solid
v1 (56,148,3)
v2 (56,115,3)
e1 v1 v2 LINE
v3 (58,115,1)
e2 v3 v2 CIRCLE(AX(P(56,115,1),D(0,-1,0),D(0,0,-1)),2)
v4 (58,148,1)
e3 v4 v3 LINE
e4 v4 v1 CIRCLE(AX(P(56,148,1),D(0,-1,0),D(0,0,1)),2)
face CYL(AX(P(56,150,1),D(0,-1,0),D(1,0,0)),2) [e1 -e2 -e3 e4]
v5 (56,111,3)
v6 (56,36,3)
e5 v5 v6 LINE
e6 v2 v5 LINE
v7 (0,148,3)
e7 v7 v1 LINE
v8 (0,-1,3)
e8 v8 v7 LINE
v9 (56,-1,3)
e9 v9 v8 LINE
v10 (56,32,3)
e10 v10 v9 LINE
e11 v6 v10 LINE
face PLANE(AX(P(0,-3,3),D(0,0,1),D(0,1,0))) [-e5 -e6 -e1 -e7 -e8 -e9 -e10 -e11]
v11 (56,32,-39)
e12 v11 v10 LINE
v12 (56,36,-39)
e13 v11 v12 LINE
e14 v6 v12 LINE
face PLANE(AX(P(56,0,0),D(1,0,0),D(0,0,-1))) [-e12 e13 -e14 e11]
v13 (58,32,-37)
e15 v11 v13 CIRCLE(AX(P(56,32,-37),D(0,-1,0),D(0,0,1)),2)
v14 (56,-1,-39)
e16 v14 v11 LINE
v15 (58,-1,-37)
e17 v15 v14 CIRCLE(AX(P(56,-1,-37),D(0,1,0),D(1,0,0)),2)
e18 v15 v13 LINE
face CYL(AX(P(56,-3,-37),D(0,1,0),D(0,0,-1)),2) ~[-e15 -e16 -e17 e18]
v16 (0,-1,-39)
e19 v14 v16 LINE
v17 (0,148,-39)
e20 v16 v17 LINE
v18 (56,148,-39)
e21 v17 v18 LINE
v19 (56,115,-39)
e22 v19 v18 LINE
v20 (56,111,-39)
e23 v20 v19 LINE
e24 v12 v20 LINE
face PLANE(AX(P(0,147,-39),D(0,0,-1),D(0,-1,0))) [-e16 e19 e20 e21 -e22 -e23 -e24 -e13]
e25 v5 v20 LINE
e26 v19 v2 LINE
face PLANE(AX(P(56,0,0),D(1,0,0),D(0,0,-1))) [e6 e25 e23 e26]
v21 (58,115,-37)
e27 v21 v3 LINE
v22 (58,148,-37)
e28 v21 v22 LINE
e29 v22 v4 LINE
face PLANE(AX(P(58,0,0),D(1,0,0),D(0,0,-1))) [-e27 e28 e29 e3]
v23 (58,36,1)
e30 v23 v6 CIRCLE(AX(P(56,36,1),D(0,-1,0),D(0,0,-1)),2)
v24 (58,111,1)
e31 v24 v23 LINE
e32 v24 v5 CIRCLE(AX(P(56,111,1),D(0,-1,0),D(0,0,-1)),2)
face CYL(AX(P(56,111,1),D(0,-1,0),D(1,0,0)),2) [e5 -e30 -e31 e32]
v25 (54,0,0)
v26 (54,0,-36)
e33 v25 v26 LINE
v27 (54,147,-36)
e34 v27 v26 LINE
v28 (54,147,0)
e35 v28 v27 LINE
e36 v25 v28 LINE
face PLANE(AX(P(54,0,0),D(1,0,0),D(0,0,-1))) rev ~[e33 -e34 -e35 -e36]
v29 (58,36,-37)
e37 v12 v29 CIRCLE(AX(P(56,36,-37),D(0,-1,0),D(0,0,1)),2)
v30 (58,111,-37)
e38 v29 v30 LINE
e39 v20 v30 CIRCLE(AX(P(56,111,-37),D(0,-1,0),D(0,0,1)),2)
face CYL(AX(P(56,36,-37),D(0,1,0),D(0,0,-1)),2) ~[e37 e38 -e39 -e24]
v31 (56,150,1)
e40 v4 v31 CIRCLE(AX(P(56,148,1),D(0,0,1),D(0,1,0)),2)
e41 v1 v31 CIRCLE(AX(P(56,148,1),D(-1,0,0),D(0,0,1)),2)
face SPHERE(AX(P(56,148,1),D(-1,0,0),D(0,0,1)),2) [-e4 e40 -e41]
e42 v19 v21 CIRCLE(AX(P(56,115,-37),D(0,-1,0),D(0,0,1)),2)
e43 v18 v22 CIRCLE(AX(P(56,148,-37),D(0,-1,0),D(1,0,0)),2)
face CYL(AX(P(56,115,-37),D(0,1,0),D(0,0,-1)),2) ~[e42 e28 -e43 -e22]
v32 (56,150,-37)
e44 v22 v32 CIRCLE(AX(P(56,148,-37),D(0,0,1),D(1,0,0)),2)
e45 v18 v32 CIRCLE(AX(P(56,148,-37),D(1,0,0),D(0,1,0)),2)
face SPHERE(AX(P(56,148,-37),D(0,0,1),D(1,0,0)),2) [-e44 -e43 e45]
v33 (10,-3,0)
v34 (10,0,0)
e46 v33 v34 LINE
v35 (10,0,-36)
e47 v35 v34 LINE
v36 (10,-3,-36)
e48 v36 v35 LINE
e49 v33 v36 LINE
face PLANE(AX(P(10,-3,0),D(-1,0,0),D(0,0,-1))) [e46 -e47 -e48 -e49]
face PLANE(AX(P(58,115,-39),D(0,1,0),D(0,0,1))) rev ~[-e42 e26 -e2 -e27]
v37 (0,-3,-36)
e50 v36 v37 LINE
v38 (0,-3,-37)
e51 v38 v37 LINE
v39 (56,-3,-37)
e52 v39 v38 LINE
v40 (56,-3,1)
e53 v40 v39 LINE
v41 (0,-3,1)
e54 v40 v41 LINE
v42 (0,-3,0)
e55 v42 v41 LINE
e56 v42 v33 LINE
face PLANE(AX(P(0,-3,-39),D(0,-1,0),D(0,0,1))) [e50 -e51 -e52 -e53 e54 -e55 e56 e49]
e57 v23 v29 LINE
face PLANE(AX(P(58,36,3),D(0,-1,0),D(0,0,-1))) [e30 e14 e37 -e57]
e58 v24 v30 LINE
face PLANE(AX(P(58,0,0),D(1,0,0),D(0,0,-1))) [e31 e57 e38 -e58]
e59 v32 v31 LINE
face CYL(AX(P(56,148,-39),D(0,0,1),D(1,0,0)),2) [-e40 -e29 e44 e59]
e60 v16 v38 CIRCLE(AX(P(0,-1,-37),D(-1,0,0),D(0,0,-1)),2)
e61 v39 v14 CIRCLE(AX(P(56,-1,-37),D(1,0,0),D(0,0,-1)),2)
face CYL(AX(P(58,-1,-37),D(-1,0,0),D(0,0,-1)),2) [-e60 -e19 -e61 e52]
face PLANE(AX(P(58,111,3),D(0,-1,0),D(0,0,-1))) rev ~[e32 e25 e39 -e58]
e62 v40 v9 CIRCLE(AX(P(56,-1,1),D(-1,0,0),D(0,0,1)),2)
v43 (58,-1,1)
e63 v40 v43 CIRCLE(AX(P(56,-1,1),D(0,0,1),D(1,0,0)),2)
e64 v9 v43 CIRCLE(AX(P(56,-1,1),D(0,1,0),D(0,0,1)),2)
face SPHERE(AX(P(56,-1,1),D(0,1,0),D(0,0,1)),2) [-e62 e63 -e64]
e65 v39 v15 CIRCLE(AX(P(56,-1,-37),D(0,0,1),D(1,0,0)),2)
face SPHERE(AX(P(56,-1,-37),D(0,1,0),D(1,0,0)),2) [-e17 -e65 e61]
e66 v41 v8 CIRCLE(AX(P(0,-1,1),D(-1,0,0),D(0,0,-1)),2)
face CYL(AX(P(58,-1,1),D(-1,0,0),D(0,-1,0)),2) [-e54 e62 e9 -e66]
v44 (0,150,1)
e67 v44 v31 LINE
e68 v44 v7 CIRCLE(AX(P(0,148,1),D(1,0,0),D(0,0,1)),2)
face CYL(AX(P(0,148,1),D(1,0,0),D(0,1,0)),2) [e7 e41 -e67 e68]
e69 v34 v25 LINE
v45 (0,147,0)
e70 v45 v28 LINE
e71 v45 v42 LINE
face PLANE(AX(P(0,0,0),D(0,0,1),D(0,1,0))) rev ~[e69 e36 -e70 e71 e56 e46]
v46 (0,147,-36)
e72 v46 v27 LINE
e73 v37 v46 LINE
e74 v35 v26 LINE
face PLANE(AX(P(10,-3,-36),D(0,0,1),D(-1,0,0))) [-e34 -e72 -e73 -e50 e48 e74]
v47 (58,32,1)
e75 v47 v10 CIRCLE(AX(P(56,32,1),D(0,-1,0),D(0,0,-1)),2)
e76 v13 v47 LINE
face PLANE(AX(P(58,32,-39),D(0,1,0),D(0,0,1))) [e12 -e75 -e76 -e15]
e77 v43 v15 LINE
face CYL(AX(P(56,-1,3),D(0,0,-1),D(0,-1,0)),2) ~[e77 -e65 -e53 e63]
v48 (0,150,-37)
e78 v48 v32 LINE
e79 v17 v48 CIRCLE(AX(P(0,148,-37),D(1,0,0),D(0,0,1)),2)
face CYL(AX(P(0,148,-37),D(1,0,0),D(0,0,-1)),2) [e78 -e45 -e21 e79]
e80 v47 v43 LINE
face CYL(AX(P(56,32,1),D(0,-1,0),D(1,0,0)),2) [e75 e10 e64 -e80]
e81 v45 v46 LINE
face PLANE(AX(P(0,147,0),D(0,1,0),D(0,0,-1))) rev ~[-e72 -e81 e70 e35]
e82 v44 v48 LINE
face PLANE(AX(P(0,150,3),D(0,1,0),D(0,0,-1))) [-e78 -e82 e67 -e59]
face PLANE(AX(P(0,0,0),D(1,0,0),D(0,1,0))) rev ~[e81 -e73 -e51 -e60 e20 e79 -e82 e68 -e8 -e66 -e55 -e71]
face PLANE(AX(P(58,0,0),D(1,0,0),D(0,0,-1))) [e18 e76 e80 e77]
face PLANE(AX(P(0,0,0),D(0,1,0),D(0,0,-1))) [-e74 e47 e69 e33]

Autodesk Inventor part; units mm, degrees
ref_plane "YZ Plane" through (0, 0, 0) normal (1, 0, 0) x (0, 1, 0)
ref_plane "XZ Plane" through (0, 0, 0) normal (0, 1, 0) x (-1, 0, 0)
ref_plane "XY Plane" through (0, 0, 0) normal (0, 0, 1) x (1, 0, 0)
sketch "Sketch1" plane through (0, 0, 0) normal (1, 0, 0) x (0, 1, 0)
  line L0 (0, 0) -> (0, -36)
  line L1 (0, 0) -> (36, 0) construction
  line L2 (0, 0) -> (147, 0)
  line L3 (147, 0) -> (147, -36)
  line L4 (147, -36) -> (0, -36)
  line L5 (147, -36) -> (147, -39)
  line L6 (147, -39) -> (-3, -39)
  line L7 (-3, -39) -> (-3, 3)
  line L8 (-3, 3) -> (150, 3)
  line L9 (150, 3) -> (150, -39)
  line L10 (150, -39) -> (147, -39)
  dimension "d0" = 36
  dimension "d1" = 90
  dimension "d2" = 147
  dimension "d3" = 3
  dimension "d4" = 150
  dimension "d5" = 42
  dimension "d6" = 153
extrude "Extrusion1" add sketch "Sketch1" along normal blind 54
sketch "Sketch2" plane through (54, 0, 0) normal (1, 0, 0) x (0, 0, -1)
  line L0 (39, 150) -> (-3, 150) projected
  line L1 (-3, 150) -> (-3, -3) projected
  line L2 (-3, -3) -> (39, -3) projected
  line L3 (39, -3) -> (39, 150) projected
  line L4 (36, 147) -> (36, 0) projected
  line L5 (36, 0) -> (0, 0) projected
  line L6 (0, 0) -> (0, 147) projected
  line L7 (0, 147) -> (36, 147) projected
extrude "Extrusion2" add sketch "Sketch2" along normal blind 4 contours L3 L2 L1 L0 | L4 L5 L6 L7
sketch "Sketch3" plane through (0, -3, -39) normal (0, -1, 0) x (1, 0, 0)
  line L0 (0, 42) -> (0, 0) projected
  line L1 (0, 0) -> (58, 0) projected
  line L2 (58, 42) -> (58, 0) projected
  line L3 (0, 42) -> (58, 42) projected
  line L4 (0, 0) -> (0, 42) projected
  line L5 (0, 42) -> (0, 39)
  line L6 (0, 3) -> (0, 39) projected
  line L7 (0, 39) -> (10, 39)
  line L8 (0, 39) -> (54, 39) projected
  line L9 (0, 39) -> (10, 39) construction
  line L10 (10, 39) -> (10, 3)
  line L11 (10, 3) -> (0, 3)
  line L12 (0, 3) -> (0, 0)
  dimension "d11" = 10
  dimension "d12" = 0
  dimension "d13" = 36
extrude "Extrusion3" cut sketch "Sketch3" against normal blind 4 contours L7 L10 L11 L0
sketch "Sketch4" plane through (58, 0, 0) normal (1, 0, 0) x (0, 0, -1)
  line L0 (-3, 150) -> (-3, -3) projected
  line L1 (-3, -3) -> (39, -3) projected
  line L2 (39, -3) -> (39, 150) projected
  line L3 (39, 150) -> (-3, 150) projected
  line L4 (-3, 150) -> (-3, -3) projected
  line L5 (-3, -3) -> (-3, 32)
  line L6 (-3, 150) -> (-3, 115)
  line L7 (-3, 115) -> (-3, 111)
  line L8 (-3, 111) -> (39, 111)
  line L9 (39, -3) -> (39, 150) projected
  line L10 (39, 111) -> (39, 115)
  line L11 (39, 115) -> (-3, 115)
  line L12 (-3, 32) -> (-3, 36)
  line L13 (-3, 36) -> (39, 36)
  line L14 (39, 36) -> (39, 32)
  line L15 (39, 32) -> (-3, 32)
  point P0 (0, 0)
  dimension "d16" = 35
  dimension "d17" = 35
  dimension "d18" = 4
  dimension "d19" = 4
  dimension "d20" = 4
extrude "Extrusion4" cut sketch "Sketch4" against normal blind 2 contours L11 L2 L8 L0 | L13 L2 L15 L0
fillet "Fillet1" radius 2 12 edges at (29, 150, 3) (58, 132.5, 3) (58, 73.5, 3) (58, 150, -18) (58, 132.5, -39) (58, 73.5, -39) (58, 14.5, -39) (58, 14.5, 3) (29, -3, 3) (58, -3, -18) (29, -3, -39) (29, 150, -39)
properties part number "carcasa_lippo"
